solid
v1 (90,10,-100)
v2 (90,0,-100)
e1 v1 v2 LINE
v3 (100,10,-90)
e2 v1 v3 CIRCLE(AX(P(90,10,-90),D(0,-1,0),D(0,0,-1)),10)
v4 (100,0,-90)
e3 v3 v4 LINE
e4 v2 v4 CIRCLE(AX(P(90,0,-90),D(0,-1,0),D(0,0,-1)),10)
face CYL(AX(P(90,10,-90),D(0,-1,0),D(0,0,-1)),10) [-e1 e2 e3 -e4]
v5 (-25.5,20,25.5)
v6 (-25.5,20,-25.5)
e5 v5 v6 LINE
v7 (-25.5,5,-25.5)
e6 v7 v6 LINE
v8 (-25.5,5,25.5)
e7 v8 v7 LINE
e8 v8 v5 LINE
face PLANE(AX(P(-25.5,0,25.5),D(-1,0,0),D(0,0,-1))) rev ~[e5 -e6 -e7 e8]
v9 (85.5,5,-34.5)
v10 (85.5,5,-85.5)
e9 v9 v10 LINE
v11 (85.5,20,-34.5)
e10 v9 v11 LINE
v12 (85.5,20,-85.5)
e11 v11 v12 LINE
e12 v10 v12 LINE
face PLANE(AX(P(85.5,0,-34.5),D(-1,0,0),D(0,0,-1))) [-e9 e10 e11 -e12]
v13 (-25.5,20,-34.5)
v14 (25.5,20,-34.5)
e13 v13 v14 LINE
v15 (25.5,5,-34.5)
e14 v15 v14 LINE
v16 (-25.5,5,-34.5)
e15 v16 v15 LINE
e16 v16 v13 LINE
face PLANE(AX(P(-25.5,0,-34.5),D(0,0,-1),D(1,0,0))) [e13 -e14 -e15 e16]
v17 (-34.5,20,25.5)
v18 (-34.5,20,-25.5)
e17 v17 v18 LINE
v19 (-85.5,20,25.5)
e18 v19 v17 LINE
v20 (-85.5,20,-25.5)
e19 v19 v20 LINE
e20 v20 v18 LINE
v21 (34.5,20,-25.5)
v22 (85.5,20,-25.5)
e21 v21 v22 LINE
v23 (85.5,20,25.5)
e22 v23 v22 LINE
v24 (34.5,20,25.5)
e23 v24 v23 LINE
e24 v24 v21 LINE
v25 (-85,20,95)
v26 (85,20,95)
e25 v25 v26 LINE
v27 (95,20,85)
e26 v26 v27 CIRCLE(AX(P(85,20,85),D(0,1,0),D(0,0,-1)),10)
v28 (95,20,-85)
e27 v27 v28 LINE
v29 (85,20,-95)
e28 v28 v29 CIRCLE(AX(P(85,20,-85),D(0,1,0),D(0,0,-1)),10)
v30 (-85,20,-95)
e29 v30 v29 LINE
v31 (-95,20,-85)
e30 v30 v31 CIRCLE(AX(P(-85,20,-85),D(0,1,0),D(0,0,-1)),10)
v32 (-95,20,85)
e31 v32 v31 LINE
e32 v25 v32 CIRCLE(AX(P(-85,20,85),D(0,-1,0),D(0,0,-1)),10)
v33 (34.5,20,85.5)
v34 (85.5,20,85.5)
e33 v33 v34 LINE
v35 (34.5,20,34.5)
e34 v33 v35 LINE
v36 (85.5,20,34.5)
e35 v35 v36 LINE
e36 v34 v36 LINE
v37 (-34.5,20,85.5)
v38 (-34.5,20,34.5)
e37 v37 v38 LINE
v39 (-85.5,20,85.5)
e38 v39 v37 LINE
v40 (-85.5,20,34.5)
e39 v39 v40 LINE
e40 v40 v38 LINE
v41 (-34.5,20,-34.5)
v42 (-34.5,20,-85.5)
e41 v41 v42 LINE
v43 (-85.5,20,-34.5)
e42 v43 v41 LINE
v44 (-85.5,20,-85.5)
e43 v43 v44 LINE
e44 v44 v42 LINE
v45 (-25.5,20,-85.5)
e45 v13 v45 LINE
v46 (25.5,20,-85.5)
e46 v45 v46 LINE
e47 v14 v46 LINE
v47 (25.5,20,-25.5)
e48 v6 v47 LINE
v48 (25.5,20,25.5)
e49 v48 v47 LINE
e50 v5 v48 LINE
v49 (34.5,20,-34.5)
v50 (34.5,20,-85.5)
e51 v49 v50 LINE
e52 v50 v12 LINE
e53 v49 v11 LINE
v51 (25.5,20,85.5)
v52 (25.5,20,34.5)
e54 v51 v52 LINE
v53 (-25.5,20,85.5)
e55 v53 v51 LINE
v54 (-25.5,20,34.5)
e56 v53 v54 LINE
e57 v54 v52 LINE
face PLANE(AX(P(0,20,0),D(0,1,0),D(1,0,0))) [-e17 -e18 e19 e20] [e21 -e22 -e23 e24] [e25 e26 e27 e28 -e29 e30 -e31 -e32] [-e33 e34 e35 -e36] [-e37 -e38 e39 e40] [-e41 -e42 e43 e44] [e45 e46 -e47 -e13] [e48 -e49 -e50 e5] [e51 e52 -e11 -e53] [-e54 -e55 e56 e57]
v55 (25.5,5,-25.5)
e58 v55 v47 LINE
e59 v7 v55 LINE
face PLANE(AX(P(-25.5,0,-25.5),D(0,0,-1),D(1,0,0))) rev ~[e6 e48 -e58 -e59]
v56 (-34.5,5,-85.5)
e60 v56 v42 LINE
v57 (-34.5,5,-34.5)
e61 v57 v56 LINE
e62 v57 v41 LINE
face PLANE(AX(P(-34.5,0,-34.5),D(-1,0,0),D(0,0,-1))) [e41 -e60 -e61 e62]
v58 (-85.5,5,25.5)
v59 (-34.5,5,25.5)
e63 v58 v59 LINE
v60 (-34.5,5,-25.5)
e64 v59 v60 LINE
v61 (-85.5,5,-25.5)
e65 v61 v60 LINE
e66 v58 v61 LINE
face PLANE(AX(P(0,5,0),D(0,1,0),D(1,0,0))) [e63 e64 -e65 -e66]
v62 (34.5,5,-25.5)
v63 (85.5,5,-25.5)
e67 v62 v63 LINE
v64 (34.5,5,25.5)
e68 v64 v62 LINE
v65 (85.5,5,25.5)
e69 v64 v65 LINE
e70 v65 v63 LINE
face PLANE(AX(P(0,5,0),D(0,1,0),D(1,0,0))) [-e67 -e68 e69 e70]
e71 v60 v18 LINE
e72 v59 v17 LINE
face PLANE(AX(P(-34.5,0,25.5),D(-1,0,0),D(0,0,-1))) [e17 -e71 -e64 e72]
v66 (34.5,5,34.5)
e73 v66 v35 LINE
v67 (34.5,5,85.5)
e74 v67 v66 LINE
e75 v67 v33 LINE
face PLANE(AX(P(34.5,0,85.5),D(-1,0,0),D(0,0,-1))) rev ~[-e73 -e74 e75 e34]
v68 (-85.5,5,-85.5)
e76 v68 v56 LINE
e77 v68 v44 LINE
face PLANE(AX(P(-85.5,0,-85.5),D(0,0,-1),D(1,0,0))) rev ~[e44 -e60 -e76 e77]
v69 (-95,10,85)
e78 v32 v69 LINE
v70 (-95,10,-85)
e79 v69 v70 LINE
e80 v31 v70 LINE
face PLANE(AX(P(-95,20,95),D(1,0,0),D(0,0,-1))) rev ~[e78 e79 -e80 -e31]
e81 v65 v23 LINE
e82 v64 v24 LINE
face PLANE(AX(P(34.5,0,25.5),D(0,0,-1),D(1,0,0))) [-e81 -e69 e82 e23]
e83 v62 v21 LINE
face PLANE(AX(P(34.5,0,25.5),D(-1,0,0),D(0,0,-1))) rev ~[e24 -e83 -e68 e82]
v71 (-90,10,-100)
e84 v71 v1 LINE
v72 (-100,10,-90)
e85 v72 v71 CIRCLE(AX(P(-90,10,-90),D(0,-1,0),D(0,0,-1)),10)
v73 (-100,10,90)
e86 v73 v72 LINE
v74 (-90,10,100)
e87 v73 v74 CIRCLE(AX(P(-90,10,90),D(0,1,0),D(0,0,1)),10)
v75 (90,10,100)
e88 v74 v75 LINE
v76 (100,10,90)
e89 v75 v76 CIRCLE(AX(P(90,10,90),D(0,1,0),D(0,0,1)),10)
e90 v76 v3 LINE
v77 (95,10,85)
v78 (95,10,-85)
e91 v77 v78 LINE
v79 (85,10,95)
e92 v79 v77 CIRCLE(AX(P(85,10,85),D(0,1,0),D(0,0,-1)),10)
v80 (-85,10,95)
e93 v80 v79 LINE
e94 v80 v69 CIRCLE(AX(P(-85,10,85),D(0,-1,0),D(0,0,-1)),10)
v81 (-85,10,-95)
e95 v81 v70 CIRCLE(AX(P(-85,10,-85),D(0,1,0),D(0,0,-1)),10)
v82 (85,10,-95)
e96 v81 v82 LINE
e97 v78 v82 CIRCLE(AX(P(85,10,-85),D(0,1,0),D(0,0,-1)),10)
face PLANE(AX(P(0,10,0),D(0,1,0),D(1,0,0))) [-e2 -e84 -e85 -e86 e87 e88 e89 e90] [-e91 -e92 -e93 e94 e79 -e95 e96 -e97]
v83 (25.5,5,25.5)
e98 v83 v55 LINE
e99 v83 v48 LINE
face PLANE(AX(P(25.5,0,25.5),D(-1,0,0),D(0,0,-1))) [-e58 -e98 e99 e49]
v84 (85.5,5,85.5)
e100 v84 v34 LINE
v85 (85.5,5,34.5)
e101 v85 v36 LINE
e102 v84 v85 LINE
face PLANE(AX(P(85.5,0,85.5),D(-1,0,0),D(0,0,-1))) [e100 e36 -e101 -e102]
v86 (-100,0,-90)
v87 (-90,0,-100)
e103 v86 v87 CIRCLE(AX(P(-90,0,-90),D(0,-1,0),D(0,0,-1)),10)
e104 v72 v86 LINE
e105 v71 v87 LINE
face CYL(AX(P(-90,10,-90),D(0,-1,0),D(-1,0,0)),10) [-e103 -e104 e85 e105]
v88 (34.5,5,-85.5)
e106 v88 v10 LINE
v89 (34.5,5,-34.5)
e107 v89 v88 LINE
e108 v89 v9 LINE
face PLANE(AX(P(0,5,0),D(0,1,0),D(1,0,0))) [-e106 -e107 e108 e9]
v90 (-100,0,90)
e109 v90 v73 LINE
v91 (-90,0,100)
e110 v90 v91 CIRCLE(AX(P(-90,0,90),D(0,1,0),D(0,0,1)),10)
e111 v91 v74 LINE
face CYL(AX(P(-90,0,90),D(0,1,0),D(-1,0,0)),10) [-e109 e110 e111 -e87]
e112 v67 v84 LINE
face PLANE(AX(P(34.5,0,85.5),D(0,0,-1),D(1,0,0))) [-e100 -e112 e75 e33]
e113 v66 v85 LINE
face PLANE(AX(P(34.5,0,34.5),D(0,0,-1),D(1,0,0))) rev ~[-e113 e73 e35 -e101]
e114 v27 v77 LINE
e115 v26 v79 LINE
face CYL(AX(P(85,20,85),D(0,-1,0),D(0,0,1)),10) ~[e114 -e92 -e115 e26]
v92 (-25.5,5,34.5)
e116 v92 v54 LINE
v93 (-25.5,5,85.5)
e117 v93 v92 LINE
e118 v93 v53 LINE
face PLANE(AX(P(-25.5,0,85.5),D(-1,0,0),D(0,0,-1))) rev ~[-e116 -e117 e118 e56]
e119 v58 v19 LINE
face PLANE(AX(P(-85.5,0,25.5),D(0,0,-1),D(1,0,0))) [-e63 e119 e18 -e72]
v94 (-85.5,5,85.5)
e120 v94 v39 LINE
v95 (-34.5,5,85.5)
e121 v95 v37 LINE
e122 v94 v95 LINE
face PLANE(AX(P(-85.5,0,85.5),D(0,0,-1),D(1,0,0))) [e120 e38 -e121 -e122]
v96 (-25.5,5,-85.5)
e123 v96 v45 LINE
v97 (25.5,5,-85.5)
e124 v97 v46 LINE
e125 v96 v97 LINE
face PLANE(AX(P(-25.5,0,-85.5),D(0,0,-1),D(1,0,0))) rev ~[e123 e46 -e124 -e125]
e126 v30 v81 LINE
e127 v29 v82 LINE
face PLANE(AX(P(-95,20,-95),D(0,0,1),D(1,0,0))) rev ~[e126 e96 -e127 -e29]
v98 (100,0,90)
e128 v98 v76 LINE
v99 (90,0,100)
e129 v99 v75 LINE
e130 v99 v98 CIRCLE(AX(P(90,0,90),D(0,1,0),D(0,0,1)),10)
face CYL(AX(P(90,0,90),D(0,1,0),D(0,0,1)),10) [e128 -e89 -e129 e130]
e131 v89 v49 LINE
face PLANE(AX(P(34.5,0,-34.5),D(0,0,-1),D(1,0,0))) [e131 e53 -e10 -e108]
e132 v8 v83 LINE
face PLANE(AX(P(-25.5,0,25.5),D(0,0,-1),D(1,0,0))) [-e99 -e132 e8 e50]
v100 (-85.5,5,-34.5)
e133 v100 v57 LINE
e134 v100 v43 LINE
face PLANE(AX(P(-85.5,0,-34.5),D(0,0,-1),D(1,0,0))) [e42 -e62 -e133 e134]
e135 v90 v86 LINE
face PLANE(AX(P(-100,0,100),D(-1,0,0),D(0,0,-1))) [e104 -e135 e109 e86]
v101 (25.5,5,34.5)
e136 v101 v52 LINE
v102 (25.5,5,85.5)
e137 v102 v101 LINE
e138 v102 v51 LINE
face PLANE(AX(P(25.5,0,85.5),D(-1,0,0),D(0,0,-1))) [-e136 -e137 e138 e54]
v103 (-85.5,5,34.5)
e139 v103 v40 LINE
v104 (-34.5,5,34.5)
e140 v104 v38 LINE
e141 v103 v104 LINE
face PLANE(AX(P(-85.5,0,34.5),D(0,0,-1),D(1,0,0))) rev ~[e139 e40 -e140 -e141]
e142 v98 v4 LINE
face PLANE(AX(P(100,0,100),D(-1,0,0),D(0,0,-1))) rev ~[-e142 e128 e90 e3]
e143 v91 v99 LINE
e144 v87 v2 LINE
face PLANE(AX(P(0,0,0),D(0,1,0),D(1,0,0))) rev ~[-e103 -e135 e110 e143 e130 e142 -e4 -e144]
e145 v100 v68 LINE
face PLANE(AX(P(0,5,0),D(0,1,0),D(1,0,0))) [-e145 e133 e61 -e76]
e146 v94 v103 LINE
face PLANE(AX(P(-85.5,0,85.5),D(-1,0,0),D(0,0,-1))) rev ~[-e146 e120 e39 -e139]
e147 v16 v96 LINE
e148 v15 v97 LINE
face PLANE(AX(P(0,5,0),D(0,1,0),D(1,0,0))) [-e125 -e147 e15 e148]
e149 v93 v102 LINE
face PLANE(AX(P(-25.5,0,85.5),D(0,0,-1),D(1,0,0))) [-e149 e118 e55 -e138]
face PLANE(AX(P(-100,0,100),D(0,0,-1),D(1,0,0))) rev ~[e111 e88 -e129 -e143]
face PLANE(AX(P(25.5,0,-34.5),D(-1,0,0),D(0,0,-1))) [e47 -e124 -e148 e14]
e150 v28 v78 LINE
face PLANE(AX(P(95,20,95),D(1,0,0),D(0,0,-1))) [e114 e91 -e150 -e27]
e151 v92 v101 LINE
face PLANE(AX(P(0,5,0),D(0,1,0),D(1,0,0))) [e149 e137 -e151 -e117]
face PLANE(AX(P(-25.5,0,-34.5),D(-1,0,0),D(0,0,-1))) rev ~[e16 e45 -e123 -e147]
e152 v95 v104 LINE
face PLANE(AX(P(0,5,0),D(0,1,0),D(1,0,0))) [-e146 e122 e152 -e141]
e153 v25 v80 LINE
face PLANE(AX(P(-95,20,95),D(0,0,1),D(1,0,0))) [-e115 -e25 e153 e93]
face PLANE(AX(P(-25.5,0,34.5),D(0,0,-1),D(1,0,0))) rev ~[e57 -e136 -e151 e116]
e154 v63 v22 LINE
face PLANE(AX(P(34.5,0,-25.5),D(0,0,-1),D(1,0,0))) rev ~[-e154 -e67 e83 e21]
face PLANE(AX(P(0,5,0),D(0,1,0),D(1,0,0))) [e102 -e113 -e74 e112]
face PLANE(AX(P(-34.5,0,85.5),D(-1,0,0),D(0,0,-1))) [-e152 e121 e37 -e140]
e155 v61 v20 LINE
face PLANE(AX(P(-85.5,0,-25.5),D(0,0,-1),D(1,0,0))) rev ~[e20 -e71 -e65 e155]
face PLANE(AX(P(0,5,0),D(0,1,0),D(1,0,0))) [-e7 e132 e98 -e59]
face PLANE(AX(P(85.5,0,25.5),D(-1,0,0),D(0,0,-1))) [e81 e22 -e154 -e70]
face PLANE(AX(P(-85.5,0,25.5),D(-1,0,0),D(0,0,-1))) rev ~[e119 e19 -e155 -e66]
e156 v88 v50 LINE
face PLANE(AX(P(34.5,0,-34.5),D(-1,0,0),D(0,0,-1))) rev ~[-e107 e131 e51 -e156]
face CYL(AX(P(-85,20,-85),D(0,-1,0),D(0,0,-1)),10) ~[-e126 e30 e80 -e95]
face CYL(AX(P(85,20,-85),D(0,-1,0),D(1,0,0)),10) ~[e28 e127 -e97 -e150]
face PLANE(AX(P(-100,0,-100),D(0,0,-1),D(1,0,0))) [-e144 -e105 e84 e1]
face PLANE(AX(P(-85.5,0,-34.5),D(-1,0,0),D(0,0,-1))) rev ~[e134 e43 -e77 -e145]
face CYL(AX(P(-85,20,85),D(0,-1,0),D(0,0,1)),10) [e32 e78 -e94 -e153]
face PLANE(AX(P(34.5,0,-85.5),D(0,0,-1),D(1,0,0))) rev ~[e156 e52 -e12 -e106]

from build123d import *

# Parameters (mm, degrees)
SKETCH_1_W          = 200
SKETCH_1_H          = 200
SKETCH_1_W_2        = 51
SKETCH_1_H_2        = 51
EXTRUDE_1_DEPTH     = 20
SKETCH_1_2_W        = 200
SKETCH_1_2_H        = 200
EXTRUDE_2_DEPTH     = 5
SKETCH_2_W          = 200
SKETCH_2_H          = 200
SKETCH_2_W_2        = 190
SKETCH_2_H_2        = 190
CUT_EXTRUDE_1_DEPTH = 10
FILLET_1_R          = 10


with BuildPart() as part:
    # 草图1 → 凸台-拉伸1 (new body)
    with BuildSketch(Plane(origin=(0, 0, 0), x_dir=(1, 0, 0), z_dir=(0, 1, 0))):
        Rectangle(SKETCH_1_W, SKETCH_1_H)
        with Locations((0, 60)):
            Rectangle(SKETCH_1_W_2, SKETCH_1_H_2, mode=Mode.SUBTRACT)
        with Locations((-60, 60)):
            Rectangle(SKETCH_1_W_2, SKETCH_1_H_2, mode=Mode.SUBTRACT)
        with Locations((60, 60)):
            Rectangle(SKETCH_1_W_2, SKETCH_1_H_2, mode=Mode.SUBTRACT)
        Rectangle(SKETCH_1_W_2, SKETCH_1_H_2, mode=Mode.SUBTRACT)
        with Locations((60, 0)):
            Rectangle(SKETCH_1_W_2, SKETCH_1_H_2, mode=Mode.SUBTRACT)
        with Locations((0, -60)):
            Rectangle(SKETCH_1_W_2, SKETCH_1_H_2, mode=Mode.SUBTRACT)
        with Locations((60, -60)):
            Rectangle(SKETCH_1_W_2, SKETCH_1_H_2, mode=Mode.SUBTRACT)
        with Locations((-60, 0)):
            Rectangle(SKETCH_1_W_2, SKETCH_1_H_2, mode=Mode.SUBTRACT)
        with Locations((-60, -60)):
            Rectangle(SKETCH_1_W_2, SKETCH_1_H_2, mode=Mode.SUBTRACT)
    extrude(amount=EXTRUDE_1_DEPTH)

    # 草图1<2> → 凸台-拉伸2 (add)
    with BuildSketch(Plane(origin=(0, 0, 0), x_dir=(1, 0, 0), z_dir=(0, 1, 0))):
        Rectangle(SKETCH_1_2_W, SKETCH_1_2_H)
    extrude(amount=EXTRUDE_2_DEPTH)

    # 草图2 → 切除-拉伸1 (cut)
    with BuildSketch(Plane(origin=(0, 20, 0), x_dir=(1, 0, 0), z_dir=(0, 1, 0))):
        Rectangle(SKETCH_2_W, SKETCH_2_H)
        Rectangle(SKETCH_2_W_2, SKETCH_2_H_2, mode=Mode.SUBTRACT)
    extrude(amount=-CUT_EXTRUDE_1_DEPTH, mode=Mode.SUBTRACT)

    # 圆角1
    fillet_1_edges = [part.edges().sort_by_distance(p)[0] for p in [
        (-100, 5, 100),
        (100, 5, 100),
        (-100, 5, -100),
        (100, 5, -100),
        (-95, 15, -95),
        (95, 15, -95),
        (95, 15, 95),
        (-95, 15, 95),
    ]]
    fillet(fillet_1_edges, radius=FILLET_1_R)


solid = part.part
